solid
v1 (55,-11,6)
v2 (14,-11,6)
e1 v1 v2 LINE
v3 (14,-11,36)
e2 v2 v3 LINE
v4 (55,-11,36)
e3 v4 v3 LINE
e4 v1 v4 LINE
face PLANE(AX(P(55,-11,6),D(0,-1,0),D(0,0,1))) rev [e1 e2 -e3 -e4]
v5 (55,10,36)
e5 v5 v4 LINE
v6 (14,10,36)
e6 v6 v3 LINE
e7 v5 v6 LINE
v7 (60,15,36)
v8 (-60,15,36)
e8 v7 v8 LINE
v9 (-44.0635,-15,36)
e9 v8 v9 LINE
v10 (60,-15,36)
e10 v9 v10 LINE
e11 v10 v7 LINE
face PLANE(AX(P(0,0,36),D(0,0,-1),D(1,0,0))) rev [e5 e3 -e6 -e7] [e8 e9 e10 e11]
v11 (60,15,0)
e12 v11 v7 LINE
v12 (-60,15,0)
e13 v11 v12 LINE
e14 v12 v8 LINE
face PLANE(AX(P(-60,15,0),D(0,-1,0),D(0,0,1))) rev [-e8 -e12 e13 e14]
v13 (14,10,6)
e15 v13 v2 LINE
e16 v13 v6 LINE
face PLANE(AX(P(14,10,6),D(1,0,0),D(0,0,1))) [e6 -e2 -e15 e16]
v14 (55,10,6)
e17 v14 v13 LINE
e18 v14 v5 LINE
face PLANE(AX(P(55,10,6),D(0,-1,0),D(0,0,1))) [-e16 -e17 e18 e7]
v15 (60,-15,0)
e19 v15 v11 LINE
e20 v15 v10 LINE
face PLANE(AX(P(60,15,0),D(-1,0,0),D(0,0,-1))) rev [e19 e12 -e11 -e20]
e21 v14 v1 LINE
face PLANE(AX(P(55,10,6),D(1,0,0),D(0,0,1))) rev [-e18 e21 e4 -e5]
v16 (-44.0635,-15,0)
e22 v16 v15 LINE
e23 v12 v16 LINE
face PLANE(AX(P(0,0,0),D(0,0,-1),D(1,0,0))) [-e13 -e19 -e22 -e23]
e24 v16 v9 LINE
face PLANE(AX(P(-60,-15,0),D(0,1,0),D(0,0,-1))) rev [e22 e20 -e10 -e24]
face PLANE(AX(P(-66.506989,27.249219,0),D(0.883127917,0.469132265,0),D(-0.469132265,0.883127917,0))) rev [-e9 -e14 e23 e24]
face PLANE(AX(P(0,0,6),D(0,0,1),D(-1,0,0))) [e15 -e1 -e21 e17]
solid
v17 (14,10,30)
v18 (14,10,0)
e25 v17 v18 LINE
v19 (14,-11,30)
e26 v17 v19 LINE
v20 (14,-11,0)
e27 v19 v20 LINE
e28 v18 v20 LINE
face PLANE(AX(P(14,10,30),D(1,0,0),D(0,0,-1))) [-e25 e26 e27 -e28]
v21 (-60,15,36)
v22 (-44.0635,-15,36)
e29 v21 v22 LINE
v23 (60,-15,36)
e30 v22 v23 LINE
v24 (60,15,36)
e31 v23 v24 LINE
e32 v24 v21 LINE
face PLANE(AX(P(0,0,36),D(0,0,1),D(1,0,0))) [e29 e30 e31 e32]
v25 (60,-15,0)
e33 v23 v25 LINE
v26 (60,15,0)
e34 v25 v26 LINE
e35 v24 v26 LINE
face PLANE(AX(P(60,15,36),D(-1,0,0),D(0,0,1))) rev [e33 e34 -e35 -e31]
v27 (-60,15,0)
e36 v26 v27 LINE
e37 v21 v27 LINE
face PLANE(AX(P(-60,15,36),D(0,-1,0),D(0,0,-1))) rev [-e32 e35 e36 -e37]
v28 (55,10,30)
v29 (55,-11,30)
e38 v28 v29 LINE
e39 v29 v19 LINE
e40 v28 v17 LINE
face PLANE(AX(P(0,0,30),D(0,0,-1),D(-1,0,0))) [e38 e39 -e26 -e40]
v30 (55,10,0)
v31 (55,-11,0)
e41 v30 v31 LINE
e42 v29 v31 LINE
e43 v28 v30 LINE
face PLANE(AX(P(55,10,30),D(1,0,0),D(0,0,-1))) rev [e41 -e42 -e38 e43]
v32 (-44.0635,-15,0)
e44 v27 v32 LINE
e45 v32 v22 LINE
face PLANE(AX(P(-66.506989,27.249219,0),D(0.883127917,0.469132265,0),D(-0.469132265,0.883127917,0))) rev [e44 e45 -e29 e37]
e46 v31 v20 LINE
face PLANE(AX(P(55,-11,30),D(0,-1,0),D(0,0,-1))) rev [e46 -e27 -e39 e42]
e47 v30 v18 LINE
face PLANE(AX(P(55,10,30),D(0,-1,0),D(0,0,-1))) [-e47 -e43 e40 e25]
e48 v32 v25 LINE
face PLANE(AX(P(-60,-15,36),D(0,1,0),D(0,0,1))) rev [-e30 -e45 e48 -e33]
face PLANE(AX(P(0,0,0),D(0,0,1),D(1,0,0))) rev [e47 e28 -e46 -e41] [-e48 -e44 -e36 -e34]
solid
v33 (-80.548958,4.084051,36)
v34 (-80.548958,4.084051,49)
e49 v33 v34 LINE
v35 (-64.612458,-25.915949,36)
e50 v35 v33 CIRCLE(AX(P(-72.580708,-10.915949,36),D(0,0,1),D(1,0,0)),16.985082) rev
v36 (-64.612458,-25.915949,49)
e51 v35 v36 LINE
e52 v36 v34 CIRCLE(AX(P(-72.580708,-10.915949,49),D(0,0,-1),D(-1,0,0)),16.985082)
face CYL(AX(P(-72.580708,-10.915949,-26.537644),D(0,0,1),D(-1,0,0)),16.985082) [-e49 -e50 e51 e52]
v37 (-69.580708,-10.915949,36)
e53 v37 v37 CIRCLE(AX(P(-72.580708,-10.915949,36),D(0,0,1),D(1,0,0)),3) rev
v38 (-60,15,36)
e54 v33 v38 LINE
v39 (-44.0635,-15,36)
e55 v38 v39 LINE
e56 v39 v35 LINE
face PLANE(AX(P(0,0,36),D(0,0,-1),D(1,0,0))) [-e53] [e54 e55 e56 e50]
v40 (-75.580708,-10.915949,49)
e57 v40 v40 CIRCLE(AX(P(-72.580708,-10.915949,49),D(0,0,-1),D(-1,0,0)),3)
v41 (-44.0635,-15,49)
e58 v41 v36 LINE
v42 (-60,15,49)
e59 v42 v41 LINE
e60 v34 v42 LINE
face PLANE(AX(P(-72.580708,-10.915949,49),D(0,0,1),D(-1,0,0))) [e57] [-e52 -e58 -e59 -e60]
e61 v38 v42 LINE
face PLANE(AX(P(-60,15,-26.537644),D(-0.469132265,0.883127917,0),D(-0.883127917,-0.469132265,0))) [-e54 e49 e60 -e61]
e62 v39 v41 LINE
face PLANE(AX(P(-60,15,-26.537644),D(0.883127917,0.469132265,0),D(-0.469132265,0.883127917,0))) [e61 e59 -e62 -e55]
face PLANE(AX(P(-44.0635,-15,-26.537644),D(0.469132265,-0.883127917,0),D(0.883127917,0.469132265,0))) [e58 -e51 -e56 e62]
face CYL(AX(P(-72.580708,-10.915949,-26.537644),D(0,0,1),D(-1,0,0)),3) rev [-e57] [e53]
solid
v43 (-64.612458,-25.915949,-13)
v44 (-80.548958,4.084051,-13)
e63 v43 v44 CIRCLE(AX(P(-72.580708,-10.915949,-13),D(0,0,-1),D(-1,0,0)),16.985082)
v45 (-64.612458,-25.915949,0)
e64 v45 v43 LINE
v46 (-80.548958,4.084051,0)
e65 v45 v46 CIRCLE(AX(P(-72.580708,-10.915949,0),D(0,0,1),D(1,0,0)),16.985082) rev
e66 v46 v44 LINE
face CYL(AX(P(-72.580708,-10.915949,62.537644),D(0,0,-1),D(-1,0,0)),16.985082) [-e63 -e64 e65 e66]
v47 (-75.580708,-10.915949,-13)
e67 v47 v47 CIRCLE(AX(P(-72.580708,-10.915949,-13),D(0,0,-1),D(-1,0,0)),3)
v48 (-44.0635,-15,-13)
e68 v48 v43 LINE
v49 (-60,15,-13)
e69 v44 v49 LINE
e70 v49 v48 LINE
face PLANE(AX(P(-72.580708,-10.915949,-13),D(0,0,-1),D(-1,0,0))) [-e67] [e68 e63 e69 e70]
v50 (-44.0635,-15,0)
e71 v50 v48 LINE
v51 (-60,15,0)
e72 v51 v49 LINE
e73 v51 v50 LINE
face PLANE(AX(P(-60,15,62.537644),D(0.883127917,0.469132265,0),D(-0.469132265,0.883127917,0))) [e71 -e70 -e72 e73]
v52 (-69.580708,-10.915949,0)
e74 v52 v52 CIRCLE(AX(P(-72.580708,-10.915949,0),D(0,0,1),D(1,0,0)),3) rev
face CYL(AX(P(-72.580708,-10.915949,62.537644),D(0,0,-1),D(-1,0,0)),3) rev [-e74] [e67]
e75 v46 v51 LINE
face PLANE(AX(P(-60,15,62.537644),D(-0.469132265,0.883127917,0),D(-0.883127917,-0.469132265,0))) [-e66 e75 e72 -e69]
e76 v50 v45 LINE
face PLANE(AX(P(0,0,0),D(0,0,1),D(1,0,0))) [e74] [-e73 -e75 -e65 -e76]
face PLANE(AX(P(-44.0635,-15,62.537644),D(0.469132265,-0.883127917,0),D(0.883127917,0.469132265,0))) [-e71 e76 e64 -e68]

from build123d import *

# Parameters (mm, degrees)
SKETCH_1_W          = 120
SKETCH_1_H          = 30
EXTRUDE_1_DEPTH     = 36
SKETCH_2_W          = 41
SKETCH_2_H          = 21
CUT_EXTRUDE_1_DEPTH = 30
EXTRUDE_START       = -13
SKETCH_4_R          = 3
EXTRUDE_2_DEPTH     = 13
SKETCH_6_W          = 23.268382573
SKETCH_6_H          = 36
CUT_EXTRUDE_2_DEPTH = 105.8740742


with BuildPart() as part:
    # 草图1 → 凸台-拉伸1 (new body)
    with BuildSketch(Plane.XY):
        Rectangle(SKETCH_1_W, SKETCH_1_H)
    extrude(amount=EXTRUDE_1_DEPTH)

    # 草图2 → 切除-拉伸1 (cut)
    with BuildSketch(Plane(origin=(0, 0, 0), x_dir=(-1, 0, 0), z_dir=(0, 0, -1))):
        with Locations((-34.5, -0.5)):
            Rectangle(SKETCH_2_W, SKETCH_2_H)
    extrude(amount=-CUT_EXTRUDE_1_DEPTH, mode=Mode.SUBTRACT)

    # 草图4 → 凸台-拉伸2 (add)
    with BuildSketch(Plane(origin=(0, 0, -13), x_dir=(-1, 0, 0), z_dir=(0, 0, -1)).offset(EXTRUDE_START)):
        with BuildLine():
            Line((60, 15), (44.063500094, -15))
            Line((44.063500094, -15), (64.612458324, -25.91594903))
            ThreePointArc((64.612458324, -25.91594903), (87.580708277, -18.884198983), (80.54895823, 4.08405097))
            Line((80.54895823, 4.08405097), (60, 15))
        make_face()
        with Locations((72.580708277, -10.91594903)):
            Circle(SKETCH_4_R, mode=Mode.SUBTRACT)
    extrude(amount=EXTRUDE_2_DEPTH)


with BuildPart() as body_2:
    # 镜向5: mirrored copy
    add(part.part.mirror(Plane(origin=(0, 0, 18), x_dir=(1, 0, 0), z_dir=(0, 0, -1))))


with BuildPart() as cut_extrude_2_tool:
    # 草图6 → 切除-拉伸2 (new, through all)
    with BuildSketch(Plane(origin=(-3.483162049, 6.556951782, 0), x_dir=(0.8831279168378943, 0.46913226546631975, 0), z_dir=(0.4691322654663197, -0.8831279168378942, 0))):
        with Locations((-57.584882315, 18)):
            Rectangle(SKETCH_6_W, SKETCH_6_H)
    extrude(amount=-CUT_EXTRUDE_2_DEPTH)


with BuildPart() as part_1:
    add(part.part)

    # 切除-拉伸2: cut by cut_extrude_2_tool
    add(cut_extrude_2_tool.part, mode=Mode.SUBTRACT)


with BuildPart() as body_2_1:
    add(body_2.part)

    # 切除-拉伸2: cut by cut_extrude_2_tool
    add(cut_extrude_2_tool.part, mode=Mode.SUBTRACT)


with BuildPart() as cut_extrude_2_piece_1:
    # of the separate pieces the step leaves, piece 1, a body of its own (cut_extrude_2_pieces)
    add(part_1.part.solids().sort_by_distance((-60, 15, 36))[0])


with BuildPart() as cut_extrude_2_piece_2:
    # of the separate pieces the step leaves, piece 2, a body of its own (cut_extrude_2_pieces)
    add(part_1.part.solids().sort_by_distance((-64.612458324, -25.91594903, 0))[0])


with BuildPart() as cut_extrude_2_piece_1_of_body_2:
    # of the separate pieces the step leaves, piece 1, a body of its own (cut_extrude_2_pieces_of_body_2)
    add(body_2_1.part.solids().sort_by_distance((-60, 15, 0))[0])


with BuildPart() as cut_extrude_2_piece_2_of_body_2:
    # of the separate pieces the step leaves, piece 2, a body of its own (cut_extrude_2_pieces_of_body_2)
    add(body_2_1.part.solids().sort_by_distance((-64.612458324, -25.91594903, 36))[0])


solid = Compound([cut_extrude_2_piece_1.part, cut_extrude_2_piece_2.part, cut_extrude_2_piece_1_of_body_2.part, cut_extrude_2_piece_2_of_body_2.part])
